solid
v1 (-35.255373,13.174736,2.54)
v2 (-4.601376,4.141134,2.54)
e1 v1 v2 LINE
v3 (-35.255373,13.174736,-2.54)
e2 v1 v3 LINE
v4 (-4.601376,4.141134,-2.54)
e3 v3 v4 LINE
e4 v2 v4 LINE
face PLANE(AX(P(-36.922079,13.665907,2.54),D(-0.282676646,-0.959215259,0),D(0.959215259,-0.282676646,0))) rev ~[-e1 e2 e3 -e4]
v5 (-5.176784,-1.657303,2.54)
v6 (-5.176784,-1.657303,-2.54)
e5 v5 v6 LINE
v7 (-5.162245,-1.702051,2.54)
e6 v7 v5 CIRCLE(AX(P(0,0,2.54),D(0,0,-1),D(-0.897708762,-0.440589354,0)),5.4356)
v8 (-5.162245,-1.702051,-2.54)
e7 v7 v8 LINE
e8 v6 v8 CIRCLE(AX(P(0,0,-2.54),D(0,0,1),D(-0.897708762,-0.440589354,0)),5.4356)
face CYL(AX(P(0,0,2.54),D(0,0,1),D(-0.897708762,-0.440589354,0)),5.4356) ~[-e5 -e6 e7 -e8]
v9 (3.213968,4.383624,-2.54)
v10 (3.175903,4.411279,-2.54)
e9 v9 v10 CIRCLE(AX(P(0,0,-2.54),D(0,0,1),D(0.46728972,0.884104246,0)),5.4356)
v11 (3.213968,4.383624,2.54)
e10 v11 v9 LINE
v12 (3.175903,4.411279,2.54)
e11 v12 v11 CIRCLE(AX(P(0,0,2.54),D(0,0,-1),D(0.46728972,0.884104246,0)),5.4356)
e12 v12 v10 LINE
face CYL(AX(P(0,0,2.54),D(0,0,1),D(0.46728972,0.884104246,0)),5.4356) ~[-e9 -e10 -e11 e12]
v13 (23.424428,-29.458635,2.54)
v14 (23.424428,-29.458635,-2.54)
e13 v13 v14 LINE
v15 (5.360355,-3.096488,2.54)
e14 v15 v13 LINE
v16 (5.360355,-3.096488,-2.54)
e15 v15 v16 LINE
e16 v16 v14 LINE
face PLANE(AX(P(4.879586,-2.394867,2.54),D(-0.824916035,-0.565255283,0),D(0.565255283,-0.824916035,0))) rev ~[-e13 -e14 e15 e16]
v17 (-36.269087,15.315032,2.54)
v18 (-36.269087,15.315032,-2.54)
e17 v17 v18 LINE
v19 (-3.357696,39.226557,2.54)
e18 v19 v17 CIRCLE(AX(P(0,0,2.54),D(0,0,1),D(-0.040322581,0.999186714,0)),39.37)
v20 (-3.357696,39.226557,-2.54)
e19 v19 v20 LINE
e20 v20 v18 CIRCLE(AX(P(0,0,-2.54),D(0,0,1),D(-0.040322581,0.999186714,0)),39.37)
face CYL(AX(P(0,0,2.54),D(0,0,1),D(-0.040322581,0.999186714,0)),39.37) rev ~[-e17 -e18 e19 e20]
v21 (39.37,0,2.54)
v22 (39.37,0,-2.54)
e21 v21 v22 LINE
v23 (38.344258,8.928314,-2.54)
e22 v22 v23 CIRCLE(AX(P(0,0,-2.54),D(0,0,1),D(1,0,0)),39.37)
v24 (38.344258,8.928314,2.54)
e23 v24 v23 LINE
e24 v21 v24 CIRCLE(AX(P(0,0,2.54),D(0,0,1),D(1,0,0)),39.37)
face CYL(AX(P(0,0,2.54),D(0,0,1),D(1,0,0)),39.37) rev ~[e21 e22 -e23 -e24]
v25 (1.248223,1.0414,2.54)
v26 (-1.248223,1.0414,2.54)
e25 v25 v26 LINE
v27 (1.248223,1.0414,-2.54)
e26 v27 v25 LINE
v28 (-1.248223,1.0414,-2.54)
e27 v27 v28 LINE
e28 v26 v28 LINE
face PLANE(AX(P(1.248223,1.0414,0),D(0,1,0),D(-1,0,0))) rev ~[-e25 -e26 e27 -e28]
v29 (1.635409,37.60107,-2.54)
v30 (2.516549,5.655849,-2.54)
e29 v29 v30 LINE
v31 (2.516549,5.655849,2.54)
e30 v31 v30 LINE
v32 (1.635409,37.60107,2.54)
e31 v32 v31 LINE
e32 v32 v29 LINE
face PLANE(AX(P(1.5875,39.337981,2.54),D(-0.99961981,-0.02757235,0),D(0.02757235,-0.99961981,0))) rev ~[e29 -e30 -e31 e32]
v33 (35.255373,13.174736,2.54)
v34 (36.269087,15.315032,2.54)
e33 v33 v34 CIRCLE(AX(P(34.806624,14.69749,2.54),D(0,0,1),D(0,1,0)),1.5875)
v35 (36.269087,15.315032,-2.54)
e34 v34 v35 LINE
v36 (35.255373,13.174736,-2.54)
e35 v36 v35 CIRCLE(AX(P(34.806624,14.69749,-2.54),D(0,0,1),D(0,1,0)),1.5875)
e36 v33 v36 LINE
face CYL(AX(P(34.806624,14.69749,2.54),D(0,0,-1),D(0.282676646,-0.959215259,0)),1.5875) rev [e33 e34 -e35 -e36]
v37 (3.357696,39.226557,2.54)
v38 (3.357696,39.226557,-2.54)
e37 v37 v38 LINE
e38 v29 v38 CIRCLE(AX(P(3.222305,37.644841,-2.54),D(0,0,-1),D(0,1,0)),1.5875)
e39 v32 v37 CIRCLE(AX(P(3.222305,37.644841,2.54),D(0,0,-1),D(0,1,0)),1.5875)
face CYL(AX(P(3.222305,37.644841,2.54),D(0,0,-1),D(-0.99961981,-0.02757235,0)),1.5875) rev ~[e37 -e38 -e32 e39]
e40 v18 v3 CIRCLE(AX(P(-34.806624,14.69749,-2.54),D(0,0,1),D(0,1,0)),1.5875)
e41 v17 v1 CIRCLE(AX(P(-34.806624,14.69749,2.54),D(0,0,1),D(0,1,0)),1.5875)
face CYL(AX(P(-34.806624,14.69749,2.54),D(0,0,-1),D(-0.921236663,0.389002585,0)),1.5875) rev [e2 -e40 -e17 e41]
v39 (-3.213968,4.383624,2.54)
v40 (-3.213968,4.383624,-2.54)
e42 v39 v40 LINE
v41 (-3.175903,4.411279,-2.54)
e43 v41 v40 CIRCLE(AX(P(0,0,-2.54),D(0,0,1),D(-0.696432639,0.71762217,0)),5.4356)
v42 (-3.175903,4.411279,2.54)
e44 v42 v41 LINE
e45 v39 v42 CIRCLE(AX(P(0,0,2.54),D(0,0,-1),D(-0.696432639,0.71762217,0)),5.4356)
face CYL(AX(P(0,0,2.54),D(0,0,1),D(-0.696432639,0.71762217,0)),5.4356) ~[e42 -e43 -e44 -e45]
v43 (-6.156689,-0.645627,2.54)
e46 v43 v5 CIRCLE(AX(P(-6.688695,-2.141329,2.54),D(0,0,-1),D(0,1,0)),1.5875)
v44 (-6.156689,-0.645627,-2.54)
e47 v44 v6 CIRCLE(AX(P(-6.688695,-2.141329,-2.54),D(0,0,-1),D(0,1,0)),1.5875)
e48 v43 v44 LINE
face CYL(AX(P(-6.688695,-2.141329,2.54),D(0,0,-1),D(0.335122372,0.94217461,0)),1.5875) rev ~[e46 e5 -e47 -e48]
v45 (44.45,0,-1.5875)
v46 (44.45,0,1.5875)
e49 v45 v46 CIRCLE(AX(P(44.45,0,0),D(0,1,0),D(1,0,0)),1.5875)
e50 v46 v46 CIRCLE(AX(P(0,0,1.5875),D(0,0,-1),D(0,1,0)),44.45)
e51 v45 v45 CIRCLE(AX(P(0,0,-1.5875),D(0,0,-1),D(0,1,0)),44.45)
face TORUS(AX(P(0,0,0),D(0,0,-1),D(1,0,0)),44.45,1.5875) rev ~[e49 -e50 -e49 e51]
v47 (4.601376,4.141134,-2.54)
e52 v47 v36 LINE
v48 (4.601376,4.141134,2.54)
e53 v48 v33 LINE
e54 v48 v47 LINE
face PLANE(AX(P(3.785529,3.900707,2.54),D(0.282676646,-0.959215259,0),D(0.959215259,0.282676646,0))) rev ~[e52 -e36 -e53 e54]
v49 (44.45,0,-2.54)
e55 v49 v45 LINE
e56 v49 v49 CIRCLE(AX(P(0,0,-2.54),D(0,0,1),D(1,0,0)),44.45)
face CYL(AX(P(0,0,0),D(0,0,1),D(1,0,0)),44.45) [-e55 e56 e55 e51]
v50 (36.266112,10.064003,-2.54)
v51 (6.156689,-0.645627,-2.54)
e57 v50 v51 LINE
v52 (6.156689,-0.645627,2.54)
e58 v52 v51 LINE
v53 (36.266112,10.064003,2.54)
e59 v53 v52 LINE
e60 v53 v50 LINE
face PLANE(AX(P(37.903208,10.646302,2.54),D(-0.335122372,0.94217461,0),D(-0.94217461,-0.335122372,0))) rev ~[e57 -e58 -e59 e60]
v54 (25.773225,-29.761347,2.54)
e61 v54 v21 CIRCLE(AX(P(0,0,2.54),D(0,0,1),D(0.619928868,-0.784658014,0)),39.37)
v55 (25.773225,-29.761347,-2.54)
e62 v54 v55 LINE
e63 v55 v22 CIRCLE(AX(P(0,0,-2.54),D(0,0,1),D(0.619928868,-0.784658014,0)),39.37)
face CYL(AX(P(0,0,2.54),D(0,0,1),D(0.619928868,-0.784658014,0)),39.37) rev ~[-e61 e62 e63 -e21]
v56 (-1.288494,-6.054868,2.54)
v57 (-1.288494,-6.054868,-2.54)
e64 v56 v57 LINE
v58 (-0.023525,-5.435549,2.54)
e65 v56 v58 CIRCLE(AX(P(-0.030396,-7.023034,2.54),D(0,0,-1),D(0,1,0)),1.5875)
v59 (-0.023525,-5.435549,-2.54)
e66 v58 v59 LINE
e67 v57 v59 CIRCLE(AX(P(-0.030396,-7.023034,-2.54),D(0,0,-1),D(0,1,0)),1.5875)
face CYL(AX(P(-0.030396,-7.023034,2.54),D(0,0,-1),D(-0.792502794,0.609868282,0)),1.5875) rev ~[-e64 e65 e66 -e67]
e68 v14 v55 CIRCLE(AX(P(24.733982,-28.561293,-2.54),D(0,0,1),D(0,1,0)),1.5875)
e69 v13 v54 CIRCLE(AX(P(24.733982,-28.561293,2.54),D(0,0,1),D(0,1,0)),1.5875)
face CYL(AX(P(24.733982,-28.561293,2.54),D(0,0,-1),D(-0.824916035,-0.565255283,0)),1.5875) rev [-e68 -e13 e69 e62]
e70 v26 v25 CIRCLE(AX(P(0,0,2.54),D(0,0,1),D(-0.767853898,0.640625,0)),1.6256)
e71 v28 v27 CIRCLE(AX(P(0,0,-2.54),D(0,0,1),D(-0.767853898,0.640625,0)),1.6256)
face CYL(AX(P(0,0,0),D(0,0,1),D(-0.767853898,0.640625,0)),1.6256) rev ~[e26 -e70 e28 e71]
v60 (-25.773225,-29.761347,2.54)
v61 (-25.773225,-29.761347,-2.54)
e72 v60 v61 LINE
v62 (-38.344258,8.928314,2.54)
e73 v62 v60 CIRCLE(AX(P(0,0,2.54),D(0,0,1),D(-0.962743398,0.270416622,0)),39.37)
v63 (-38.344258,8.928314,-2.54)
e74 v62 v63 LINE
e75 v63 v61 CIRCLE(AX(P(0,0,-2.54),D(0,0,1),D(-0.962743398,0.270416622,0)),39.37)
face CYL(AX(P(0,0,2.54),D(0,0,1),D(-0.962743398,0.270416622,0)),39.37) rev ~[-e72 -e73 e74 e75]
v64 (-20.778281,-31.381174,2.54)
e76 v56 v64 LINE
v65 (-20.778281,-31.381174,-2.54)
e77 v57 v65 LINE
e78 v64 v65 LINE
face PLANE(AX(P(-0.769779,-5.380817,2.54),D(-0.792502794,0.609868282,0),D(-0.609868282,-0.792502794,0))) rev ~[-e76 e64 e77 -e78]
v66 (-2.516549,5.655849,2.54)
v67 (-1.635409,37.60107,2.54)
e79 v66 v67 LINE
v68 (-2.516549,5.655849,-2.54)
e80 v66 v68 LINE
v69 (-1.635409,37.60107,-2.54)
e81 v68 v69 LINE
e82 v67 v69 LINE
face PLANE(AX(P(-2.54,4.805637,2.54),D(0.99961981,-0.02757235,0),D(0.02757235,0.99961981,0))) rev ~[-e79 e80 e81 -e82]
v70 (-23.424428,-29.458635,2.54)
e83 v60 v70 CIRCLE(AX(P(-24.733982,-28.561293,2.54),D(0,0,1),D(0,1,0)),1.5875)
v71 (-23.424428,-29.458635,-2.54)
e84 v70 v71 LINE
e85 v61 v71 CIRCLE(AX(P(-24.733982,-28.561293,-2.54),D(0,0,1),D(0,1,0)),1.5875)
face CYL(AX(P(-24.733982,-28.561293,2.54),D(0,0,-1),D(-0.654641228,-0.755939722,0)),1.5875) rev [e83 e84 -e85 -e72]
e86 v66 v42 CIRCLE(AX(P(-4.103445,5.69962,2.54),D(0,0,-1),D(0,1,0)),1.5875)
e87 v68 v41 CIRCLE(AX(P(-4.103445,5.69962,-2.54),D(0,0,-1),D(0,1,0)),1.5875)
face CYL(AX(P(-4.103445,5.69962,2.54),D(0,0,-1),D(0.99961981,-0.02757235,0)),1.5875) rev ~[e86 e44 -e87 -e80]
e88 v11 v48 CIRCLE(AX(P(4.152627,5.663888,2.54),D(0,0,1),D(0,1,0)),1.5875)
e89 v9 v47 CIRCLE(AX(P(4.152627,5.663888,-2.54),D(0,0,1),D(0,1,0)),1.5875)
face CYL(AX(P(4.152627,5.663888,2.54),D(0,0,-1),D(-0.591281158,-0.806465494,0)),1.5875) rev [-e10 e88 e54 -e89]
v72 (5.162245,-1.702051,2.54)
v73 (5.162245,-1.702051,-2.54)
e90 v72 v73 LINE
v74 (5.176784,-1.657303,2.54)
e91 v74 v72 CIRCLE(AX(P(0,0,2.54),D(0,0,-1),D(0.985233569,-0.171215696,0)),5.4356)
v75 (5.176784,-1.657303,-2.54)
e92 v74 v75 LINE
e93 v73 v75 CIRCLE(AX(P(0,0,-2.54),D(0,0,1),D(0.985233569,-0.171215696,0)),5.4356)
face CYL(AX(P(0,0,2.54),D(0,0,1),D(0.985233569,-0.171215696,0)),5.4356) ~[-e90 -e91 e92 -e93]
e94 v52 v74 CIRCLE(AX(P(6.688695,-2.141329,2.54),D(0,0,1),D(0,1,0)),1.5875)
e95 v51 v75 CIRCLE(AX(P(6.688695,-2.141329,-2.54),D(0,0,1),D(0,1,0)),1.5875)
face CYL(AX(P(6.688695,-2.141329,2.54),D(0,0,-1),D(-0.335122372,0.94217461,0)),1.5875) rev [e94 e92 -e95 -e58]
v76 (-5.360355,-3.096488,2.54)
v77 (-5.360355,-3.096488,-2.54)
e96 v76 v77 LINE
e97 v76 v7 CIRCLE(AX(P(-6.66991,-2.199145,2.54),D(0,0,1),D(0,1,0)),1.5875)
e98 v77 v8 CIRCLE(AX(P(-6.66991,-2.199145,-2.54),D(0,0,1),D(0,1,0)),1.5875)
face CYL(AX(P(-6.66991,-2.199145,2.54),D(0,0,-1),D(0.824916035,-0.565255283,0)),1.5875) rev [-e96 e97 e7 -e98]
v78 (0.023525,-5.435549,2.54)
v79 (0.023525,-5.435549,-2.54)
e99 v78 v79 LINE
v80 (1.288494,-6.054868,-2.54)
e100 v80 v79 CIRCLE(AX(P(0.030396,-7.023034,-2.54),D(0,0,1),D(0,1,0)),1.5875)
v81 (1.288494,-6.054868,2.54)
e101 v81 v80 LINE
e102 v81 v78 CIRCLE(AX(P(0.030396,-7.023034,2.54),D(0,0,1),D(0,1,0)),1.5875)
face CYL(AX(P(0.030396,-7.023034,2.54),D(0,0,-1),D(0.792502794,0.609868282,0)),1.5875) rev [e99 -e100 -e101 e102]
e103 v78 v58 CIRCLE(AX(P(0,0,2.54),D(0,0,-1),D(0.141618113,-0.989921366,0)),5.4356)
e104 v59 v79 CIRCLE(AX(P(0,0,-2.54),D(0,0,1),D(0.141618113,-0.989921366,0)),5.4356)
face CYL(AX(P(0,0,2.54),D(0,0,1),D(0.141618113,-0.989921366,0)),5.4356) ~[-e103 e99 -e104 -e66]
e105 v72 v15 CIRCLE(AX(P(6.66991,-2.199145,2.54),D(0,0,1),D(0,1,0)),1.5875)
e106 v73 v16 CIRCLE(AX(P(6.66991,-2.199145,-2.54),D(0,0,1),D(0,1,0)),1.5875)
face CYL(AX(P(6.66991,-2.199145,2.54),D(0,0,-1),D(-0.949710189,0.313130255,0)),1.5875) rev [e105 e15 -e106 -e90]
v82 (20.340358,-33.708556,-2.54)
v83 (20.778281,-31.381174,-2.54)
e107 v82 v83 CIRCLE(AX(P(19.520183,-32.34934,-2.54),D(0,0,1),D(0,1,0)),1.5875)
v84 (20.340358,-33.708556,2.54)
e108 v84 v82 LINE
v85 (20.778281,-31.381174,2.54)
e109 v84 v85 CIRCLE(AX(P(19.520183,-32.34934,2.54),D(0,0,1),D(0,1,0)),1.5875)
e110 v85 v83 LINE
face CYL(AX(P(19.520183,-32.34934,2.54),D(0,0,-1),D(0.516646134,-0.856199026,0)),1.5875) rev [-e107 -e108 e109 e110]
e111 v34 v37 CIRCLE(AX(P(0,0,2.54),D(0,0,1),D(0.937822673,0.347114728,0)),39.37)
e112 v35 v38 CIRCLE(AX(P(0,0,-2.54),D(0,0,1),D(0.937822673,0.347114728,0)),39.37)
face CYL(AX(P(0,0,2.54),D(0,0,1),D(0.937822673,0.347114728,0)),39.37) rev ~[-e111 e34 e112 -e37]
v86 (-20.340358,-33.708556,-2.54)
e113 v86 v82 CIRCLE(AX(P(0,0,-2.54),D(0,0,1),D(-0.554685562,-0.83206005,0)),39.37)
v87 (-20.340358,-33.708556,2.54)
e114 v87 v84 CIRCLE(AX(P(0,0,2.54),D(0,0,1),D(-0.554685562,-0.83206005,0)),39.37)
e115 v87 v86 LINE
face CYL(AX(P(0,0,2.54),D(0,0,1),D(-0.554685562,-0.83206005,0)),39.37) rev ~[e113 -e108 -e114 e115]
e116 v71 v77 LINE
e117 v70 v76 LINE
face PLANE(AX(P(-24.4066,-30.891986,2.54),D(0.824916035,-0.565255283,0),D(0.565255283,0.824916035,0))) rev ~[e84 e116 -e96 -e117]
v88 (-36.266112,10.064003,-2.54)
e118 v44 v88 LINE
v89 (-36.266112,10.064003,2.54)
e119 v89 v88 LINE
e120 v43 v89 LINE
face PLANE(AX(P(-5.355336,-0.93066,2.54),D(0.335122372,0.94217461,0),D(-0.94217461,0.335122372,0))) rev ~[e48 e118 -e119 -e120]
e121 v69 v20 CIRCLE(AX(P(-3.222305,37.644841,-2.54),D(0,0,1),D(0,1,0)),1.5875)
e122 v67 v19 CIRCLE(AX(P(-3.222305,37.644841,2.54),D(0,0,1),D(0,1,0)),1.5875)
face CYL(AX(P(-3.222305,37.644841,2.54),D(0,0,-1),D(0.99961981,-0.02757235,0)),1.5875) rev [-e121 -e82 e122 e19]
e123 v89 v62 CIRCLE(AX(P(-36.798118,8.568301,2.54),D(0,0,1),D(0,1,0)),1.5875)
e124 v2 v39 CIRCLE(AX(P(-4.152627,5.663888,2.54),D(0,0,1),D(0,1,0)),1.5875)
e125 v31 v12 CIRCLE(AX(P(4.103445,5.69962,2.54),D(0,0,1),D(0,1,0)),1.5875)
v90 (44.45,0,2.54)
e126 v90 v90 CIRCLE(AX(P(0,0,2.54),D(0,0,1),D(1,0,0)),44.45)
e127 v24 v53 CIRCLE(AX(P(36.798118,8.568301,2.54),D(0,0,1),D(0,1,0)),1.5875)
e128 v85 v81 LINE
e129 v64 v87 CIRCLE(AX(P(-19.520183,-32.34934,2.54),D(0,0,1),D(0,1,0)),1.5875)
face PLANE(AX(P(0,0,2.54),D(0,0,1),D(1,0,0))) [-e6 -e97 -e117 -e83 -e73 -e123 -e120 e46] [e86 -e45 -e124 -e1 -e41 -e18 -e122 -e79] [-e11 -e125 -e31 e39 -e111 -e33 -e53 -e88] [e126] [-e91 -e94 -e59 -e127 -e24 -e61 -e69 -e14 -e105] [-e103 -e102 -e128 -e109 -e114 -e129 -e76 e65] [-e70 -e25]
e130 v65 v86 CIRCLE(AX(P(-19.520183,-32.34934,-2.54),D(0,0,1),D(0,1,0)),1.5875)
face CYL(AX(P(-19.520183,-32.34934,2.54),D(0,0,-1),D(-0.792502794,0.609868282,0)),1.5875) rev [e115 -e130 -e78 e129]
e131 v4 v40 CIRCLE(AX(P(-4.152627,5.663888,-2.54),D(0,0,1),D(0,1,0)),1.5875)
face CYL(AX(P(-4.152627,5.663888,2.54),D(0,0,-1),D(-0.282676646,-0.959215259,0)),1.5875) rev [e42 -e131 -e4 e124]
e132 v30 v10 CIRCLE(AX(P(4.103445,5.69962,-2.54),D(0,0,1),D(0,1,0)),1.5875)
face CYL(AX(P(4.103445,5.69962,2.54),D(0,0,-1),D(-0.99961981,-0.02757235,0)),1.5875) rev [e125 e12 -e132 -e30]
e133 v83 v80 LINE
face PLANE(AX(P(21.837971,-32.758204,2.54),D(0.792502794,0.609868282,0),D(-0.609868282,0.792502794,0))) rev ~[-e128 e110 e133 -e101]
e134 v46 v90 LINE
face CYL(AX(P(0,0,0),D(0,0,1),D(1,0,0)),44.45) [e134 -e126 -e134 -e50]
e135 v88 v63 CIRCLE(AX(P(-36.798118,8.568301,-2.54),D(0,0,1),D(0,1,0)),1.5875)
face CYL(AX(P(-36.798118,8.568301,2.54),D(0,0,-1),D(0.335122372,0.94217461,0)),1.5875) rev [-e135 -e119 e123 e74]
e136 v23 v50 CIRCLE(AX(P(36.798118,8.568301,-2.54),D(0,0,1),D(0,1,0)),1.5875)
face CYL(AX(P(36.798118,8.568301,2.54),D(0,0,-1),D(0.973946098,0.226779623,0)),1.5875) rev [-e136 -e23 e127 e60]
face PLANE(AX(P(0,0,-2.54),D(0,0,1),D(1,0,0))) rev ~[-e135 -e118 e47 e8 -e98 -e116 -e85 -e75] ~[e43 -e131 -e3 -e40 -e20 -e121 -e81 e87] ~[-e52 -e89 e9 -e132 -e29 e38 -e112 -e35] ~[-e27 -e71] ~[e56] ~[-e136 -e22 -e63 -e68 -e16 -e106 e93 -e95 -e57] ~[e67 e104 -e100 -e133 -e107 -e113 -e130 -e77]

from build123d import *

# Parameters (mm, degrees)
SKETCH1_R           = 44.45
BOSS_EXTRUDE1_DEPTH = 2.54
SKETCH2_R           = 1.5875
CUT_EXTRUDE1_DEPTH  = 64.066721811
FILLET1_R           = 1.5875


with BuildPart() as part:
    # Sketch1 → Boss-Extrude1 (new, symmetric)
    with BuildSketch(Plane.XY):
        Circle(SKETCH1_R)
        with BuildLine():
            Line((1.248223297, 1.0414), (-1.248223297, 1.0414))
            ThreePointArc((-1.248223297, 1.0414), (0, -1.6256), (1.248223297, 1.0414))
        make_face(mode=Mode.SUBTRACT)
    extrude(amount=BOSS_EXTRUDE1_DEPTH, both=True)

    # Sketch2 → Cut-Revolve1 (revolve, cut)
    with BuildSketch(Plane(origin=(0, 0, 0), x_dir=(1, 0, 0), z_dir=(0, 1, 0))):
        with Locations((44.45, 0)):
            Circle(SKETCH2_R)
    revolve(axis=Axis((0, 0, 0), (0, 0, -1)), mode=Mode.SUBTRACT)

    # Sketch4 → Cut-Extrude1 (cut, through all)
    with BuildSketch(Plane.XY.offset(2.54)):
        with BuildLine():
            ThreePointArc((-3.785529256, 3.900707066), (-3.194965517, 4.397492775), (-2.54, 4.80563704))
            Line((-2.54, 4.80563704), (-1.5875, 39.337980931))
            ThreePointArc((-1.5875, 39.337980931), (-23.141105383, 31.850999069), (-36.922078624, 13.665906852))
            Line((-36.922078624, 13.665906852), (-3.785529256, 3.900707066))
        make_face()
        with BuildLine():
            Line((1.5875, 39.337980931), (2.54, 4.80563704))
            ThreePointArc((2.54, 4.80563704), (3.194965517, 4.397492775), (3.785529256, 3.900707066))
            Line((3.785529256, 3.900707066), (36.922078624, 13.665906852))
            ThreePointArc((36.922078624, 13.665906852), (23.141105383, 31.850999069), (1.5875, 39.337980931))
        make_face()
        with BuildLine():
            ThreePointArc((39.37, 0), (39.001578061, 5.373435471), (37.903207581, 10.646302413))
            Line((37.903207581, 10.646302413), (5.355335588, -0.930660037))
            ThreePointArc((5.355335588, -0.930660037), (5.1695628, -1.679692775), (4.879585746, -2.394867493))
            Line((4.879585746, -2.394867493), (24.406599525, -30.89198601))
            ThreePointArc((24.406599525, -30.89198601), (35.432222082, -17.162591248), (39.37, 0))
        make_face()
        with BuildLine():
            ThreePointArc((0.769779414, -5.380816575), (0, -5.4356), (-0.769779414, -5.380816575))
            Line((-0.769779414, -5.380816575), (-21.837970568, -32.758204186))
            ThreePointArc((-21.837970568, -32.758204186), (0, -39.37), (21.837970568, -32.758204186))
            Line((21.837970568, -32.758204186), (0.769779414, -5.380816575))
        make_face()
        with BuildLine():
            ThreePointArc((-4.879585746, -2.394867493), (-5.1695628, -1.679692775), (-5.355335588, -0.930660037))
            Line((-5.355335588, -0.930660037), (-37.903207581, 10.646302413))
            ThreePointArc((-37.903207581, 10.646302413), (-37.443095047, -12.165999069), (-24.406599525, -30.89198601))
            Line((-24.406599525, -30.89198601), (-4.879585746, -2.394867493))
        make_face()
    extrude(amount=-CUT_EXTRUDE1_DEPTH, mode=Mode.SUBTRACT)

    # Fillet1
    fillet1_edges = [part.edges().sort_by_distance(p)[0] for p in [
        (24.406599525, -30.89198601, 0),
        (4.879585746, -2.394867493, 0),
        (5.355335588, -0.930660037, 0),
        (37.903207581, 10.646302413, 0),
        (36.922078624, 13.665906852, 0),
        (3.785529256, 3.900707066, 0),
        (2.54, 4.80563704, 0),
        (1.5875, 39.337980931, 0),
        (-37.903207581, 10.646302413, 0),
        (-5.355335588, -0.930660037, 0),
        (-4.879585746, -2.394867493, 0),
        (-24.406599525, -30.89198601, 0),
        (-21.837970568, -32.758204186, 0),
        (-0.769779414, -5.380816575, 0),
        (0.769779414, -5.380816575, 0),
        (21.837970568, -32.758204186, 0),
        (-1.5875, 39.337980931, 0),
        (-2.54, 4.80563704, 0),
        (-3.785529256, 3.900707066, 0),
        (-36.922078624, 13.665906852, 0),
    ]]
    fillet(fillet1_edges, radius=FILLET1_R)


solid = part.part
